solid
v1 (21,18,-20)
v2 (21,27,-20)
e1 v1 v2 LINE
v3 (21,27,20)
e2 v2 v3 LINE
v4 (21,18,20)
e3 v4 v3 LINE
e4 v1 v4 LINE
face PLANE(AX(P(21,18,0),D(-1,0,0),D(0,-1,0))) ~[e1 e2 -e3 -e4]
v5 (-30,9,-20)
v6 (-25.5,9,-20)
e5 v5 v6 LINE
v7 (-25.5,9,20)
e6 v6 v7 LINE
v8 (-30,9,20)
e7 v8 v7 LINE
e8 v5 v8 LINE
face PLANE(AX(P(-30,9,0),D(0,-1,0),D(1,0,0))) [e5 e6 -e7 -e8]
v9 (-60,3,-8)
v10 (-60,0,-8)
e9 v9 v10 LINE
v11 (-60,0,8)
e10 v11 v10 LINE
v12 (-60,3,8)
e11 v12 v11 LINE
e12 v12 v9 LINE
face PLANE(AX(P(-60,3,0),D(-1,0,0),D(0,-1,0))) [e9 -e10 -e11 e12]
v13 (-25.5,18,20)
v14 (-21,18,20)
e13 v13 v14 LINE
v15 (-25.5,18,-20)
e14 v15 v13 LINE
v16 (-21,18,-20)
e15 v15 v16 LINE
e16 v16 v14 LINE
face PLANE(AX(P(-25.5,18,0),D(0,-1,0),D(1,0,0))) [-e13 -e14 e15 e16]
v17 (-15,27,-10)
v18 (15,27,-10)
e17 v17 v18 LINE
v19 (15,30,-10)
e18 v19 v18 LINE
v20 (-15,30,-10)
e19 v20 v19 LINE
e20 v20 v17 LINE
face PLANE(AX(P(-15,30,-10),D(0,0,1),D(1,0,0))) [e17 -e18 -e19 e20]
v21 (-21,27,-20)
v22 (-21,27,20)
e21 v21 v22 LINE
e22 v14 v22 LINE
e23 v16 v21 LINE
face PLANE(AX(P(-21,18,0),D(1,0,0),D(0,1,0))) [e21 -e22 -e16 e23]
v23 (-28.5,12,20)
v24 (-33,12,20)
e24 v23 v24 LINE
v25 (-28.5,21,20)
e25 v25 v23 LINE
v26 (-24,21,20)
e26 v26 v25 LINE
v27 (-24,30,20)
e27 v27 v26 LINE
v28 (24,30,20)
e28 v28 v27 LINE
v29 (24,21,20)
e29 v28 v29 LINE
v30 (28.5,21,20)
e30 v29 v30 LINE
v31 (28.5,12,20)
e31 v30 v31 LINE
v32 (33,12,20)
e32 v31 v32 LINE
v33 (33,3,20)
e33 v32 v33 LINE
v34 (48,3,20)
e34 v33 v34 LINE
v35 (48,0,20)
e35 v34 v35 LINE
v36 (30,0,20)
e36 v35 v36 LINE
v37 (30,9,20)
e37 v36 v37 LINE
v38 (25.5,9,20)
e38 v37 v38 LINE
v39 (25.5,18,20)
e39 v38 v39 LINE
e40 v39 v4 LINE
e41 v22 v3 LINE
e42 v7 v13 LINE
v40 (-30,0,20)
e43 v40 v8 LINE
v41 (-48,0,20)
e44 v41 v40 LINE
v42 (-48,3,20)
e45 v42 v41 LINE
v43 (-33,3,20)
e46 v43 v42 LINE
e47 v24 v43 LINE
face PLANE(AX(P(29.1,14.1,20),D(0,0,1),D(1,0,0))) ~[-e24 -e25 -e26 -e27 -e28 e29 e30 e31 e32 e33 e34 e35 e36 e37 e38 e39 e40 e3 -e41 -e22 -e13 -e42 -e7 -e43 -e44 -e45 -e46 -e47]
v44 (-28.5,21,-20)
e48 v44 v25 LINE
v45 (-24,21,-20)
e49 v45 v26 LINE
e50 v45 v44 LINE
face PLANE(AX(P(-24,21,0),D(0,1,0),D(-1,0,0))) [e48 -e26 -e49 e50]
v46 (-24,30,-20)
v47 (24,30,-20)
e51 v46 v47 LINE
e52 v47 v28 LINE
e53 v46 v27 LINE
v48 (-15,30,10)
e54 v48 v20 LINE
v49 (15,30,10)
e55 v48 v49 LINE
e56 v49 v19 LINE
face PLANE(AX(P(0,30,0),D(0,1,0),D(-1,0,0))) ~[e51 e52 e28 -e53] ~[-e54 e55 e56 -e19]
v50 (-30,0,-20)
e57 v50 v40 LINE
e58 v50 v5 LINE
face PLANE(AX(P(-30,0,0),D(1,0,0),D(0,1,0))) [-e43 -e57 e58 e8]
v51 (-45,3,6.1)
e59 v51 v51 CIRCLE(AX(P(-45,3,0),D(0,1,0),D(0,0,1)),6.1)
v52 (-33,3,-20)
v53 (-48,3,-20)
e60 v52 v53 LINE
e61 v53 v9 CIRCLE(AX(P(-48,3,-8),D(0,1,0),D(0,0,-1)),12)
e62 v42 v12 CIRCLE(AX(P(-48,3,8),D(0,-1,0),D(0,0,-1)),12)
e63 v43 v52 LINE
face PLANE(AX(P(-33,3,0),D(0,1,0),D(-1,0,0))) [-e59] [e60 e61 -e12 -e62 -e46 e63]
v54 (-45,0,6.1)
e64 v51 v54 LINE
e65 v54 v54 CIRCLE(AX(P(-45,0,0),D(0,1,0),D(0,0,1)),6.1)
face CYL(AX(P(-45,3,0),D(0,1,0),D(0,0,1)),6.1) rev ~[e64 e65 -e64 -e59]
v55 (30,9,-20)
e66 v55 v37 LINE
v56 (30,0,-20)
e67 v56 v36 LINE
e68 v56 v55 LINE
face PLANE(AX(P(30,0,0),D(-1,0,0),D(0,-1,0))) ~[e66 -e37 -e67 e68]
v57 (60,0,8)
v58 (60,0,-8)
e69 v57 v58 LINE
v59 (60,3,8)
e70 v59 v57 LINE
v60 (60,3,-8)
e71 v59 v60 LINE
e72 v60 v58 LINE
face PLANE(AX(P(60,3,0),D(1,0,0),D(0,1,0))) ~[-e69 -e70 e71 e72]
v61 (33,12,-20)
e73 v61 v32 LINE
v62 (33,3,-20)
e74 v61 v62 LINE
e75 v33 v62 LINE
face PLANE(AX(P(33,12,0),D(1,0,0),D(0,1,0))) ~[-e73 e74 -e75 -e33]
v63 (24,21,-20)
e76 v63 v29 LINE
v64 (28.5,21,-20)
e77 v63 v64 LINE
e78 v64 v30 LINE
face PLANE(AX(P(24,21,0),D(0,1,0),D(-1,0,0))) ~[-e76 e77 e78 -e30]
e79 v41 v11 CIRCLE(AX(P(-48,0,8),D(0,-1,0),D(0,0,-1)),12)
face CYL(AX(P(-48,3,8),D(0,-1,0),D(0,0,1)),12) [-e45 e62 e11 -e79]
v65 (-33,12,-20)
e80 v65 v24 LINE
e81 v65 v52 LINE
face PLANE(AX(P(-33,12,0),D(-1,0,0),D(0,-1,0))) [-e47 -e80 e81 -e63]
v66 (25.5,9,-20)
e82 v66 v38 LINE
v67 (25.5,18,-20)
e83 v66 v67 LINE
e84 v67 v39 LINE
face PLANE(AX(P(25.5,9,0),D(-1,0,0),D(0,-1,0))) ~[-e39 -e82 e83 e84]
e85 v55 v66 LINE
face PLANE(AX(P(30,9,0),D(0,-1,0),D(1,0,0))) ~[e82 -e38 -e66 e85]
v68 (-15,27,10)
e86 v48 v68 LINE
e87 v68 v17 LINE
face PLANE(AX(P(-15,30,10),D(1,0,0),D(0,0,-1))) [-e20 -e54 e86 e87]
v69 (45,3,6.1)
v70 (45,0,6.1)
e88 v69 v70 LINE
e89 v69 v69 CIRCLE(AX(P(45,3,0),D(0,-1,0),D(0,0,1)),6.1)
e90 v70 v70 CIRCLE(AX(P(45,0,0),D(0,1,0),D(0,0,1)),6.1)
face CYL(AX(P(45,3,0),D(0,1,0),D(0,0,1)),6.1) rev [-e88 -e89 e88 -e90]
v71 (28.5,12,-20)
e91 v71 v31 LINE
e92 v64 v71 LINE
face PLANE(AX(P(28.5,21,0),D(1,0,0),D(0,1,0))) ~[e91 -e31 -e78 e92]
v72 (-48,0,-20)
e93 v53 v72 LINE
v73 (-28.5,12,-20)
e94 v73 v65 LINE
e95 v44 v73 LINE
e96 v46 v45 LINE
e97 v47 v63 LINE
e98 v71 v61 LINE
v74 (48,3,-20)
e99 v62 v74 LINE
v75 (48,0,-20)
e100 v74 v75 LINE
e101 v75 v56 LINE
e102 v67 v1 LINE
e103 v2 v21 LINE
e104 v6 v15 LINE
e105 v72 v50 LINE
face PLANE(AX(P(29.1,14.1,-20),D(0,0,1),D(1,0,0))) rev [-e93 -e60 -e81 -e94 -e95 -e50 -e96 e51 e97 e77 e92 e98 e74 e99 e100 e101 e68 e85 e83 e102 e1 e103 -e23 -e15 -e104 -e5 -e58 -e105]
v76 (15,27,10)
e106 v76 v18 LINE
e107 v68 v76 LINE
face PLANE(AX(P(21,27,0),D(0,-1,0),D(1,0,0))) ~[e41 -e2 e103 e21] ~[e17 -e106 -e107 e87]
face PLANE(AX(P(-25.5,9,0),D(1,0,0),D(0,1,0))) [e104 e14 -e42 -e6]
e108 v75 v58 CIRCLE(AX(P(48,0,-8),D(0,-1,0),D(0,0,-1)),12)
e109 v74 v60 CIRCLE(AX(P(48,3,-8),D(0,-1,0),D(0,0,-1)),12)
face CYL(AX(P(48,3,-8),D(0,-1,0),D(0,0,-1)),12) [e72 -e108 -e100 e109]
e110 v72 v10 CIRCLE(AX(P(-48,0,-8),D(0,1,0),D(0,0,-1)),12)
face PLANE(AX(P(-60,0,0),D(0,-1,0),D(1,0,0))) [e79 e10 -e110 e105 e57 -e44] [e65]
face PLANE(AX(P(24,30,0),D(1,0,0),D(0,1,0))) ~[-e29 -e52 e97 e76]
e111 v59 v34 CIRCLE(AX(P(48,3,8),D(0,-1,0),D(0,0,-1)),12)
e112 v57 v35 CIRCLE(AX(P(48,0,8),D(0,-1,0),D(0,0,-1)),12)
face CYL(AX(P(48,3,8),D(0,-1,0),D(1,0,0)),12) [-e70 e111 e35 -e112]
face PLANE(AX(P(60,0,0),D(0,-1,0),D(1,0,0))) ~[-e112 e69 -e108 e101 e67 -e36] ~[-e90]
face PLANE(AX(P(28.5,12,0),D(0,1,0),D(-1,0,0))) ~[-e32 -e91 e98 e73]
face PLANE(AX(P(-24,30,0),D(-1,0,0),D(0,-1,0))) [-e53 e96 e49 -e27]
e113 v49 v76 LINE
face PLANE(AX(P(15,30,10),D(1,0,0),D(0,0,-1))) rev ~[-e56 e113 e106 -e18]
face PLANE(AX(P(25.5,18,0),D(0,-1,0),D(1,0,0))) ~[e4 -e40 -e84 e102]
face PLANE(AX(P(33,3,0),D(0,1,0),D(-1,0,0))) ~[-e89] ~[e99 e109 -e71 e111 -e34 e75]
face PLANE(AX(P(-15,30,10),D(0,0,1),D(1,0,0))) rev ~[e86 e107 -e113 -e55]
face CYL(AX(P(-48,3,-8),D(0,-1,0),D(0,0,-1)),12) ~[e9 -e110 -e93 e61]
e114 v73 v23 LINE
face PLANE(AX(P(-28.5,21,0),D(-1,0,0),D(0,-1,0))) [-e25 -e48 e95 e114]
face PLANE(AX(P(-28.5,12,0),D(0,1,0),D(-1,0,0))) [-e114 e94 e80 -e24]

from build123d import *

# Parameters (mm, degrees)
EXTRUDE_THIN1_DEPTH = 20
SKETCH2_W           = 30
SKETCH2_H           = 20
CUT_EXTRUDE1_DEPTH  = 71
SKETCH3_R           = 6.1
CUT_EXTRUDE2_DEPTH  = 69.767724988
FILLET1_R           = 12


with BuildPart() as part:
    # Sketch1 → Extrude-Thin1 (new, symmetric)
    with BuildSketch(Plane.XY):
        Polygon((-60, 0), (-30, 0), (-30, 9), (-25.5, 9), (-25.5, 18), (-21, 18), (-21, 27), (0, 27), (0, 30), (-24, 30), (-24, 21), (-28.5, 21), (-28.5, 12), (-33, 12), (-33, 3), (-60, 3), align=None)
    extrude_thin1 = extrude(amount=EXTRUDE_THIN1_DEPTH, both=True)

    # Mirror1: Extrude-Thin1 across plane
    add(extrude_thin1.mirror(Plane(origin=(0, 30, -20), x_dir=(0, 0, 1), z_dir=(-1, 0, 0))))

    # Sketch2 → Cut-Extrude1 (cut, through all)
    with BuildSketch(Plane(origin=(0, 30, 0), x_dir=(1, 0, 0), z_dir=(0, 1, 0))):
        Rectangle(SKETCH2_W, SKETCH2_H)
    extrude(amount=-CUT_EXTRUDE1_DEPTH, mode=Mode.SUBTRACT)

    # Sketch3 → Cut-Extrude2 (cut, through all)
    with BuildSketch(Plane(origin=(0, 3, 0), x_dir=(1, 0, 0), z_dir=(0, 1, 0))):
        with Locations(Location((-45, 0, 0), (0, 0, 270))):
            Circle(SKETCH3_R)
    cut_extrude2 = extrude(amount=-CUT_EXTRUDE2_DEPTH, mode=Mode.SUBTRACT)

    # Mirror2: Cut-Extrude2 across plane
    add(cut_extrude2.mirror(Plane(origin=(0, 0, 0), x_dir=(0, 0, 1), z_dir=(1, 0, 0))), mode=Mode.SUBTRACT)

    # Fillet1
    fillet1_edges = [part.edges().sort_by_distance(p)[0] for p in [
        (-60, 1.5, 20),
        (-60, 1.5, -20),
        (60, 1.5, -20),
        (60, 1.5, 20),
    ]]
    fillet(fillet1_edges, radius=FILLET1_R)


solid = part.part
